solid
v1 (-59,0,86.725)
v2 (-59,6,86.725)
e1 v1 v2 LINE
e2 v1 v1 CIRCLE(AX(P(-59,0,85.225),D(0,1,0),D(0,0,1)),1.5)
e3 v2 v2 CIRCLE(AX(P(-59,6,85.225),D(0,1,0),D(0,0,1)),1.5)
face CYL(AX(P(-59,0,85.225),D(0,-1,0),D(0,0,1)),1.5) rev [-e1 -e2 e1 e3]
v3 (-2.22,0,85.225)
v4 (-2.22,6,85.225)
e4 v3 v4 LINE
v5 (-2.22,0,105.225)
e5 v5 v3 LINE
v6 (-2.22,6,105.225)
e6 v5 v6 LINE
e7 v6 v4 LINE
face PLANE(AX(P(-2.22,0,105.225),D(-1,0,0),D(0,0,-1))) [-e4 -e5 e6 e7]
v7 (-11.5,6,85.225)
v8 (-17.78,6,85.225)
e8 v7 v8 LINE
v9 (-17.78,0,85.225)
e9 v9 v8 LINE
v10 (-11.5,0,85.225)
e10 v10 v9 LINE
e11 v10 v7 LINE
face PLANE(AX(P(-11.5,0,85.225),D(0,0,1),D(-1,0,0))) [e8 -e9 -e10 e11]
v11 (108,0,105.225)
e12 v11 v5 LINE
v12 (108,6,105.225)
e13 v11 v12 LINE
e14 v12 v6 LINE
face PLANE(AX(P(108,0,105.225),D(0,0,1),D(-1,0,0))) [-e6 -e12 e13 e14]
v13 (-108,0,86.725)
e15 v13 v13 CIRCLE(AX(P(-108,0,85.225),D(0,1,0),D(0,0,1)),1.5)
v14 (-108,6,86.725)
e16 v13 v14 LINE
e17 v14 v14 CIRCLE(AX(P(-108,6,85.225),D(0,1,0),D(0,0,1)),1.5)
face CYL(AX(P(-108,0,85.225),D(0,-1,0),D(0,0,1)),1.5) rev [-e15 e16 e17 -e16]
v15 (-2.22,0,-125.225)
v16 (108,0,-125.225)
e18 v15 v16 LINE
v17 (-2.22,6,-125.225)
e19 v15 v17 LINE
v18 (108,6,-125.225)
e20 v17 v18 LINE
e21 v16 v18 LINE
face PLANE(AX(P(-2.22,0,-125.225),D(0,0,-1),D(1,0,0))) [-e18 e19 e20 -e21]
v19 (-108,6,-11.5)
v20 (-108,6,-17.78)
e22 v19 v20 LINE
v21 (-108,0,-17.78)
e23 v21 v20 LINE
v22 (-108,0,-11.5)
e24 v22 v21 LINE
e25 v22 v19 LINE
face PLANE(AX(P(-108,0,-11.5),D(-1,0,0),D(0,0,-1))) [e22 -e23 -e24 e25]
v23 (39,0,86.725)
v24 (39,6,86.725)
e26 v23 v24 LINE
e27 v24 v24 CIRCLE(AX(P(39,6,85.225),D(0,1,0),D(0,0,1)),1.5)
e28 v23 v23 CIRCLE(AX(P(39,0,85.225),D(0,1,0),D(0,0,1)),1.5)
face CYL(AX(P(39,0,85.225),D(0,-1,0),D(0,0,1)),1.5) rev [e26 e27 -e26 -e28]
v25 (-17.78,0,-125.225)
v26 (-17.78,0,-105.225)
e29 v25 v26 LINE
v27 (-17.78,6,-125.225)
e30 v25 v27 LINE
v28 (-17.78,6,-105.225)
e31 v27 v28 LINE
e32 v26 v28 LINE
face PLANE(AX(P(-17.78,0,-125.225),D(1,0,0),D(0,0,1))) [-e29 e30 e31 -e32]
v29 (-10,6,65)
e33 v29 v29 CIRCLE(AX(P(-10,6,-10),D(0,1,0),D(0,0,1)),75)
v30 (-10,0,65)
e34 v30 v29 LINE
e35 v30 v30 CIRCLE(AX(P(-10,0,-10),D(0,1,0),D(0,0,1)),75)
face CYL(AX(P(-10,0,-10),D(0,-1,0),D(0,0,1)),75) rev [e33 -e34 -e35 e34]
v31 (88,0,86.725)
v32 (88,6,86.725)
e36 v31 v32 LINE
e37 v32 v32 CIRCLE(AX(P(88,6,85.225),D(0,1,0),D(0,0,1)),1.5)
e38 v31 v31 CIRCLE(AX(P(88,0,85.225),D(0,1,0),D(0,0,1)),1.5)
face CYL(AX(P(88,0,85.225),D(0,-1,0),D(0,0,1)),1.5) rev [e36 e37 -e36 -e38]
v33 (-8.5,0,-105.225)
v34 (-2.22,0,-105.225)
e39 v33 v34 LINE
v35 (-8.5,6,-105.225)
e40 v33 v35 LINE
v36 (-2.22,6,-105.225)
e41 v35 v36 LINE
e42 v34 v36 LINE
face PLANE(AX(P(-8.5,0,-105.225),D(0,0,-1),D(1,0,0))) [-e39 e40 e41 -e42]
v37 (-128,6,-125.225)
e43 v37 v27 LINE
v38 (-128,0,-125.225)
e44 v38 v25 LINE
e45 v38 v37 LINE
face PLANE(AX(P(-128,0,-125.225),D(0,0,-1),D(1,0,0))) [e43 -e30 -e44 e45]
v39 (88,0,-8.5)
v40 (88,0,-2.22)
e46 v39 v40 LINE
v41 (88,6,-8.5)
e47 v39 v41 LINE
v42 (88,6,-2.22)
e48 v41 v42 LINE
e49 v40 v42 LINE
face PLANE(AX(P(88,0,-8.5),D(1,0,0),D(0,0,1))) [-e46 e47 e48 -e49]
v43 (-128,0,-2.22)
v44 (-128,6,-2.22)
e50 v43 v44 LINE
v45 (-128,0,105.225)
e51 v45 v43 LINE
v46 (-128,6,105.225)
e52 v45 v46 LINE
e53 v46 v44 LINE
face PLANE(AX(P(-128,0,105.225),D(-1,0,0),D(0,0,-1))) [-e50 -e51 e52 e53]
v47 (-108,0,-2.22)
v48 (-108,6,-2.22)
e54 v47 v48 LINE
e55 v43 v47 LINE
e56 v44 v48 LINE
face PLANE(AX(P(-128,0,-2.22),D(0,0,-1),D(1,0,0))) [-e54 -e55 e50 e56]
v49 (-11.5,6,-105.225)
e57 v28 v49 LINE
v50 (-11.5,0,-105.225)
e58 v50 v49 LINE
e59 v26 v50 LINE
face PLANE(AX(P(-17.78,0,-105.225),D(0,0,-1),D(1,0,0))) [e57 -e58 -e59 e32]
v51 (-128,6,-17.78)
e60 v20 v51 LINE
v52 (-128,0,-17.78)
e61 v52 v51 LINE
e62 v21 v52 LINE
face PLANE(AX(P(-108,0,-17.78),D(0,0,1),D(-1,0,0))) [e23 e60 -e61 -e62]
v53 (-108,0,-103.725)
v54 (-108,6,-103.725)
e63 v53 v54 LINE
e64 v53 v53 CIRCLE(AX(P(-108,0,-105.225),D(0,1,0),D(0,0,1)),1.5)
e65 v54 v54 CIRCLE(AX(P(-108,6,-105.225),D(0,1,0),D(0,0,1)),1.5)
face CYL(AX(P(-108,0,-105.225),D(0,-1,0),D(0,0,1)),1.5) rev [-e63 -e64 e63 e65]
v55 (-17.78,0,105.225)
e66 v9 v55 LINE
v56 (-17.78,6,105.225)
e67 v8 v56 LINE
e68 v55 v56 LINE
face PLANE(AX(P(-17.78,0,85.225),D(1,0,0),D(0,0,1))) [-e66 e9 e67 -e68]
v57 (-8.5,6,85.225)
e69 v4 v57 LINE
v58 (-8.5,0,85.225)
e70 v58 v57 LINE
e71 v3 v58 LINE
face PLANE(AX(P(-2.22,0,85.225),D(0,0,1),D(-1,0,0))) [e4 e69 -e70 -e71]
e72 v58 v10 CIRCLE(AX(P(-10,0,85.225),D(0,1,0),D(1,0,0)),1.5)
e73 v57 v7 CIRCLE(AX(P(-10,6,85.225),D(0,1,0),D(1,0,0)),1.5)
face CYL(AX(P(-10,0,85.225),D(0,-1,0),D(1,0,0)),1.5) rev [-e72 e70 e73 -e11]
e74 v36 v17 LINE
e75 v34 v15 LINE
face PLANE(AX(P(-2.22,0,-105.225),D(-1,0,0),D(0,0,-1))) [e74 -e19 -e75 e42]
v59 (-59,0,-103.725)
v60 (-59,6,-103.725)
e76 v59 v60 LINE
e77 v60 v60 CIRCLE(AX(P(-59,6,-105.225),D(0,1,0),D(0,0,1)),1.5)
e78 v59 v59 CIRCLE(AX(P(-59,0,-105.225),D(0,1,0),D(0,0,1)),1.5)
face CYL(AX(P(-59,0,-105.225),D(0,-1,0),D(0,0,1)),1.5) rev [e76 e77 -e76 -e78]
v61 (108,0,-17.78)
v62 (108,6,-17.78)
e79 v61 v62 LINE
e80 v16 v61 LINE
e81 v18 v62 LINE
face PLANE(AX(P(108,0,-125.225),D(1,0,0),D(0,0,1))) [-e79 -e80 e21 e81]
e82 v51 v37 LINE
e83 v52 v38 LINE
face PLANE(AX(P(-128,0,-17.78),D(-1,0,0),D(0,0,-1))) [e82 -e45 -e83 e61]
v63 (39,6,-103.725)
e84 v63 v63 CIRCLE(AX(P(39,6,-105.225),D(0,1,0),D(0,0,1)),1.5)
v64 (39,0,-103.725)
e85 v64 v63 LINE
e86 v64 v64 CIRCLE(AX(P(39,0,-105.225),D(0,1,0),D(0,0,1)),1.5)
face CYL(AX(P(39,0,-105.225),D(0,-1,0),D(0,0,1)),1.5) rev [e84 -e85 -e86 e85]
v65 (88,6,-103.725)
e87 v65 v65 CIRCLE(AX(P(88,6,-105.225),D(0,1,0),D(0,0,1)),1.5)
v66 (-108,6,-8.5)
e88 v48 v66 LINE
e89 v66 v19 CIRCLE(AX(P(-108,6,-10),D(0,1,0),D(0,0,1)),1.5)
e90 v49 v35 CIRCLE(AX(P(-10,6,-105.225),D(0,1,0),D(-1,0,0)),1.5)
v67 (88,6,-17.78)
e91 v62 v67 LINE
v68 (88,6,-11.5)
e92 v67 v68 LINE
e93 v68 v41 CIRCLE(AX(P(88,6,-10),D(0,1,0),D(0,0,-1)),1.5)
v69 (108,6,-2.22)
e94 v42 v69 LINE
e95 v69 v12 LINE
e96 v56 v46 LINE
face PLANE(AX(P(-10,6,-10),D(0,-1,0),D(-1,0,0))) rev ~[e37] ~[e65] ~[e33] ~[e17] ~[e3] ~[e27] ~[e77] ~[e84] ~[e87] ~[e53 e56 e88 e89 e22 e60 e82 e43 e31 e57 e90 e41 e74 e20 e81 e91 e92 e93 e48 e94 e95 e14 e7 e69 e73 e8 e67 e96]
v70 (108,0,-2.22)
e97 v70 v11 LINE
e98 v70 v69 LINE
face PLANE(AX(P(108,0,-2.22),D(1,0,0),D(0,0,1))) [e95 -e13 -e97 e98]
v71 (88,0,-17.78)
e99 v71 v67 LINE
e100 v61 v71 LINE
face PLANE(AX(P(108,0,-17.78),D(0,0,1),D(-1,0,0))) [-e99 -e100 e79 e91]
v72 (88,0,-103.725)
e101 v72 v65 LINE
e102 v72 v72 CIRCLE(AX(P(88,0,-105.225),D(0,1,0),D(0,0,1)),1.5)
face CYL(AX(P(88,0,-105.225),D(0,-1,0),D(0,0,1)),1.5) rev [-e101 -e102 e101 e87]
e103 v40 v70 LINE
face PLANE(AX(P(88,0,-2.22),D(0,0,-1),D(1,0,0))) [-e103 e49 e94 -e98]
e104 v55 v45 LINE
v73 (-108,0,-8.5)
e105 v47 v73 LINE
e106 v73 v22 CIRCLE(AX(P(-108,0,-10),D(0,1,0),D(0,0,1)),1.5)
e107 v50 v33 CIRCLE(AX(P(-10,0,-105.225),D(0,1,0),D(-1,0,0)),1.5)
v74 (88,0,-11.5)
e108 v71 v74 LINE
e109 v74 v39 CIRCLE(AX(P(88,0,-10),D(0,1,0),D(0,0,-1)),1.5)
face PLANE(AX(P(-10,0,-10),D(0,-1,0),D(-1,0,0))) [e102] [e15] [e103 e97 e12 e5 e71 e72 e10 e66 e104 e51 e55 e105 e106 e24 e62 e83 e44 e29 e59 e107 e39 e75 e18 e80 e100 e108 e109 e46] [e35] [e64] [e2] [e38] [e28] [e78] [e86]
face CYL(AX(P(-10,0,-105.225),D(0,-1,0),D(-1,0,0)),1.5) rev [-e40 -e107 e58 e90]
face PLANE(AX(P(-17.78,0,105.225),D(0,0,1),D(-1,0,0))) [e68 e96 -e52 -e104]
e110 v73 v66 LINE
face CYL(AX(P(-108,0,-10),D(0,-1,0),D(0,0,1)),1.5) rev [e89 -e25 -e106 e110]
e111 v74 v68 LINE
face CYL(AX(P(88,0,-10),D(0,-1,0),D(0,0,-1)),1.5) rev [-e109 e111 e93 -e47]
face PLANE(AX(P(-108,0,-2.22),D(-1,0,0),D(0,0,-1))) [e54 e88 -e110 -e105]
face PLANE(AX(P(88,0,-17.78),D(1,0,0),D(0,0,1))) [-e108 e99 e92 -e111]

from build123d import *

# Parameters (mm, degrees)
SKETCH_1_R      = 1.5
SKETCH_1_R_2    = 75
EXTRUDE_1_DEPTH = 6


with BuildPart() as part:
    # 草图1 → 凸台-拉伸1 (new body)
    with BuildSketch(Plane(origin=(0, 0, 0), x_dir=(1, 0, 0), z_dir=(0, 1, 0))):
        with BuildLine():
            Line((-128, 125.225), (-17.78, 125.225))
            Line((-17.78, 125.225), (-17.78, 105.225))
            Line((-17.78, 105.225), (-15, 105.225))
            Line((-15, 105.225), (-11.5, 105.225))
            ThreePointArc((-11.5, 105.225), (-10, 103.725), (-8.5, 105.225))
            Line((-8.5, 105.225), (-5, 105.225))
            Line((-5, 105.225), (-2.22, 105.225))
            Line((-2.22, 105.225), (-2.22, 125.225))
            Line((-2.22, 125.225), (108, 125.225))
            Line((108, 125.225), (108, 17.78))
            Line((108, 17.78), (88, 17.78))
            Line((88, 17.78), (88, 15))
            Line((88, 15), (88, 11.5))
            ThreePointArc((88, 11.5), (86.5, 10), (88, 8.5))
            Line((88, 8.5), (88, 5))
            Line((88, 5), (88, 2.22))
            Line((88, 2.22), (108, 2.22))
            Line((108, 2.22), (108, -105.225))
            Line((108, -105.225), (-2.22, -105.225))
            Line((-2.22, -105.225), (-2.22, -85.225))
            Line((-2.22, -85.225), (-5, -85.225))
            Line((-5, -85.225), (-8.5, -85.225))
            ThreePointArc((-8.5, -85.225), (-10, -83.725), (-11.5, -85.225))
            Line((-11.5, -85.225), (-15, -85.225))
            Line((-15, -85.225), (-17.78, -85.225))
            Line((-17.78, -85.225), (-17.78, -105.225))
            Line((-17.78, -105.225), (-128, -105.225))
            Line((-128, -105.225), (-128, 2.22))
            Line((-128, 2.22), (-108, 2.22))
            Line((-108, 2.22), (-108, 5))
            Line((-108, 5), (-108, 8.5))
            ThreePointArc((-108, 8.5), (-106.5, 10), (-108, 11.5))
            Line((-108, 11.5), (-108, 15))
            Line((-108, 15), (-108, 17.78))
            Line((-108, 17.78), (-128, 17.78))
            Line((-128, 17.78), (-128, 125.225))
        make_face()
        with Locations(Location((-108, 105.225, 0), (0, 0, 270))):
            Circle(SKETCH_1_R, mode=Mode.SUBTRACT)
        with Locations(Location((-59, 105.225, 0), (0, 0, 270))):
            Circle(SKETCH_1_R, mode=Mode.SUBTRACT)
        with Locations(Location((39, 105.225, 0), (0, 0, 270))):
            Circle(SKETCH_1_R, mode=Mode.SUBTRACT)
        with Locations(Location((88, 105.225, 0), (0, 0, 270))):
            Circle(SKETCH_1_R, mode=Mode.SUBTRACT)
        with Locations(Location((-108, -85.225, 0), (0, 0, 270))):
            Circle(SKETCH_1_R, mode=Mode.SUBTRACT)
        with Locations(Location((-59, -85.225, 0), (0, 0, 270))):
            Circle(SKETCH_1_R, mode=Mode.SUBTRACT)
        with Locations(Location((39, -85.225, 0), (0, 0, 270))):
            Circle(SKETCH_1_R, mode=Mode.SUBTRACT)
        with Locations(Location((88, -85.225, 0), (0, 0, 270))):
            Circle(SKETCH_1_R, mode=Mode.SUBTRACT)
        with Locations(Location((-10, 10, 0), (0, 0, 270))):
            Circle(SKETCH_1_R_2, mode=Mode.SUBTRACT)
    extrude(amount=EXTRUDE_1_DEPTH)


solid = part.part
